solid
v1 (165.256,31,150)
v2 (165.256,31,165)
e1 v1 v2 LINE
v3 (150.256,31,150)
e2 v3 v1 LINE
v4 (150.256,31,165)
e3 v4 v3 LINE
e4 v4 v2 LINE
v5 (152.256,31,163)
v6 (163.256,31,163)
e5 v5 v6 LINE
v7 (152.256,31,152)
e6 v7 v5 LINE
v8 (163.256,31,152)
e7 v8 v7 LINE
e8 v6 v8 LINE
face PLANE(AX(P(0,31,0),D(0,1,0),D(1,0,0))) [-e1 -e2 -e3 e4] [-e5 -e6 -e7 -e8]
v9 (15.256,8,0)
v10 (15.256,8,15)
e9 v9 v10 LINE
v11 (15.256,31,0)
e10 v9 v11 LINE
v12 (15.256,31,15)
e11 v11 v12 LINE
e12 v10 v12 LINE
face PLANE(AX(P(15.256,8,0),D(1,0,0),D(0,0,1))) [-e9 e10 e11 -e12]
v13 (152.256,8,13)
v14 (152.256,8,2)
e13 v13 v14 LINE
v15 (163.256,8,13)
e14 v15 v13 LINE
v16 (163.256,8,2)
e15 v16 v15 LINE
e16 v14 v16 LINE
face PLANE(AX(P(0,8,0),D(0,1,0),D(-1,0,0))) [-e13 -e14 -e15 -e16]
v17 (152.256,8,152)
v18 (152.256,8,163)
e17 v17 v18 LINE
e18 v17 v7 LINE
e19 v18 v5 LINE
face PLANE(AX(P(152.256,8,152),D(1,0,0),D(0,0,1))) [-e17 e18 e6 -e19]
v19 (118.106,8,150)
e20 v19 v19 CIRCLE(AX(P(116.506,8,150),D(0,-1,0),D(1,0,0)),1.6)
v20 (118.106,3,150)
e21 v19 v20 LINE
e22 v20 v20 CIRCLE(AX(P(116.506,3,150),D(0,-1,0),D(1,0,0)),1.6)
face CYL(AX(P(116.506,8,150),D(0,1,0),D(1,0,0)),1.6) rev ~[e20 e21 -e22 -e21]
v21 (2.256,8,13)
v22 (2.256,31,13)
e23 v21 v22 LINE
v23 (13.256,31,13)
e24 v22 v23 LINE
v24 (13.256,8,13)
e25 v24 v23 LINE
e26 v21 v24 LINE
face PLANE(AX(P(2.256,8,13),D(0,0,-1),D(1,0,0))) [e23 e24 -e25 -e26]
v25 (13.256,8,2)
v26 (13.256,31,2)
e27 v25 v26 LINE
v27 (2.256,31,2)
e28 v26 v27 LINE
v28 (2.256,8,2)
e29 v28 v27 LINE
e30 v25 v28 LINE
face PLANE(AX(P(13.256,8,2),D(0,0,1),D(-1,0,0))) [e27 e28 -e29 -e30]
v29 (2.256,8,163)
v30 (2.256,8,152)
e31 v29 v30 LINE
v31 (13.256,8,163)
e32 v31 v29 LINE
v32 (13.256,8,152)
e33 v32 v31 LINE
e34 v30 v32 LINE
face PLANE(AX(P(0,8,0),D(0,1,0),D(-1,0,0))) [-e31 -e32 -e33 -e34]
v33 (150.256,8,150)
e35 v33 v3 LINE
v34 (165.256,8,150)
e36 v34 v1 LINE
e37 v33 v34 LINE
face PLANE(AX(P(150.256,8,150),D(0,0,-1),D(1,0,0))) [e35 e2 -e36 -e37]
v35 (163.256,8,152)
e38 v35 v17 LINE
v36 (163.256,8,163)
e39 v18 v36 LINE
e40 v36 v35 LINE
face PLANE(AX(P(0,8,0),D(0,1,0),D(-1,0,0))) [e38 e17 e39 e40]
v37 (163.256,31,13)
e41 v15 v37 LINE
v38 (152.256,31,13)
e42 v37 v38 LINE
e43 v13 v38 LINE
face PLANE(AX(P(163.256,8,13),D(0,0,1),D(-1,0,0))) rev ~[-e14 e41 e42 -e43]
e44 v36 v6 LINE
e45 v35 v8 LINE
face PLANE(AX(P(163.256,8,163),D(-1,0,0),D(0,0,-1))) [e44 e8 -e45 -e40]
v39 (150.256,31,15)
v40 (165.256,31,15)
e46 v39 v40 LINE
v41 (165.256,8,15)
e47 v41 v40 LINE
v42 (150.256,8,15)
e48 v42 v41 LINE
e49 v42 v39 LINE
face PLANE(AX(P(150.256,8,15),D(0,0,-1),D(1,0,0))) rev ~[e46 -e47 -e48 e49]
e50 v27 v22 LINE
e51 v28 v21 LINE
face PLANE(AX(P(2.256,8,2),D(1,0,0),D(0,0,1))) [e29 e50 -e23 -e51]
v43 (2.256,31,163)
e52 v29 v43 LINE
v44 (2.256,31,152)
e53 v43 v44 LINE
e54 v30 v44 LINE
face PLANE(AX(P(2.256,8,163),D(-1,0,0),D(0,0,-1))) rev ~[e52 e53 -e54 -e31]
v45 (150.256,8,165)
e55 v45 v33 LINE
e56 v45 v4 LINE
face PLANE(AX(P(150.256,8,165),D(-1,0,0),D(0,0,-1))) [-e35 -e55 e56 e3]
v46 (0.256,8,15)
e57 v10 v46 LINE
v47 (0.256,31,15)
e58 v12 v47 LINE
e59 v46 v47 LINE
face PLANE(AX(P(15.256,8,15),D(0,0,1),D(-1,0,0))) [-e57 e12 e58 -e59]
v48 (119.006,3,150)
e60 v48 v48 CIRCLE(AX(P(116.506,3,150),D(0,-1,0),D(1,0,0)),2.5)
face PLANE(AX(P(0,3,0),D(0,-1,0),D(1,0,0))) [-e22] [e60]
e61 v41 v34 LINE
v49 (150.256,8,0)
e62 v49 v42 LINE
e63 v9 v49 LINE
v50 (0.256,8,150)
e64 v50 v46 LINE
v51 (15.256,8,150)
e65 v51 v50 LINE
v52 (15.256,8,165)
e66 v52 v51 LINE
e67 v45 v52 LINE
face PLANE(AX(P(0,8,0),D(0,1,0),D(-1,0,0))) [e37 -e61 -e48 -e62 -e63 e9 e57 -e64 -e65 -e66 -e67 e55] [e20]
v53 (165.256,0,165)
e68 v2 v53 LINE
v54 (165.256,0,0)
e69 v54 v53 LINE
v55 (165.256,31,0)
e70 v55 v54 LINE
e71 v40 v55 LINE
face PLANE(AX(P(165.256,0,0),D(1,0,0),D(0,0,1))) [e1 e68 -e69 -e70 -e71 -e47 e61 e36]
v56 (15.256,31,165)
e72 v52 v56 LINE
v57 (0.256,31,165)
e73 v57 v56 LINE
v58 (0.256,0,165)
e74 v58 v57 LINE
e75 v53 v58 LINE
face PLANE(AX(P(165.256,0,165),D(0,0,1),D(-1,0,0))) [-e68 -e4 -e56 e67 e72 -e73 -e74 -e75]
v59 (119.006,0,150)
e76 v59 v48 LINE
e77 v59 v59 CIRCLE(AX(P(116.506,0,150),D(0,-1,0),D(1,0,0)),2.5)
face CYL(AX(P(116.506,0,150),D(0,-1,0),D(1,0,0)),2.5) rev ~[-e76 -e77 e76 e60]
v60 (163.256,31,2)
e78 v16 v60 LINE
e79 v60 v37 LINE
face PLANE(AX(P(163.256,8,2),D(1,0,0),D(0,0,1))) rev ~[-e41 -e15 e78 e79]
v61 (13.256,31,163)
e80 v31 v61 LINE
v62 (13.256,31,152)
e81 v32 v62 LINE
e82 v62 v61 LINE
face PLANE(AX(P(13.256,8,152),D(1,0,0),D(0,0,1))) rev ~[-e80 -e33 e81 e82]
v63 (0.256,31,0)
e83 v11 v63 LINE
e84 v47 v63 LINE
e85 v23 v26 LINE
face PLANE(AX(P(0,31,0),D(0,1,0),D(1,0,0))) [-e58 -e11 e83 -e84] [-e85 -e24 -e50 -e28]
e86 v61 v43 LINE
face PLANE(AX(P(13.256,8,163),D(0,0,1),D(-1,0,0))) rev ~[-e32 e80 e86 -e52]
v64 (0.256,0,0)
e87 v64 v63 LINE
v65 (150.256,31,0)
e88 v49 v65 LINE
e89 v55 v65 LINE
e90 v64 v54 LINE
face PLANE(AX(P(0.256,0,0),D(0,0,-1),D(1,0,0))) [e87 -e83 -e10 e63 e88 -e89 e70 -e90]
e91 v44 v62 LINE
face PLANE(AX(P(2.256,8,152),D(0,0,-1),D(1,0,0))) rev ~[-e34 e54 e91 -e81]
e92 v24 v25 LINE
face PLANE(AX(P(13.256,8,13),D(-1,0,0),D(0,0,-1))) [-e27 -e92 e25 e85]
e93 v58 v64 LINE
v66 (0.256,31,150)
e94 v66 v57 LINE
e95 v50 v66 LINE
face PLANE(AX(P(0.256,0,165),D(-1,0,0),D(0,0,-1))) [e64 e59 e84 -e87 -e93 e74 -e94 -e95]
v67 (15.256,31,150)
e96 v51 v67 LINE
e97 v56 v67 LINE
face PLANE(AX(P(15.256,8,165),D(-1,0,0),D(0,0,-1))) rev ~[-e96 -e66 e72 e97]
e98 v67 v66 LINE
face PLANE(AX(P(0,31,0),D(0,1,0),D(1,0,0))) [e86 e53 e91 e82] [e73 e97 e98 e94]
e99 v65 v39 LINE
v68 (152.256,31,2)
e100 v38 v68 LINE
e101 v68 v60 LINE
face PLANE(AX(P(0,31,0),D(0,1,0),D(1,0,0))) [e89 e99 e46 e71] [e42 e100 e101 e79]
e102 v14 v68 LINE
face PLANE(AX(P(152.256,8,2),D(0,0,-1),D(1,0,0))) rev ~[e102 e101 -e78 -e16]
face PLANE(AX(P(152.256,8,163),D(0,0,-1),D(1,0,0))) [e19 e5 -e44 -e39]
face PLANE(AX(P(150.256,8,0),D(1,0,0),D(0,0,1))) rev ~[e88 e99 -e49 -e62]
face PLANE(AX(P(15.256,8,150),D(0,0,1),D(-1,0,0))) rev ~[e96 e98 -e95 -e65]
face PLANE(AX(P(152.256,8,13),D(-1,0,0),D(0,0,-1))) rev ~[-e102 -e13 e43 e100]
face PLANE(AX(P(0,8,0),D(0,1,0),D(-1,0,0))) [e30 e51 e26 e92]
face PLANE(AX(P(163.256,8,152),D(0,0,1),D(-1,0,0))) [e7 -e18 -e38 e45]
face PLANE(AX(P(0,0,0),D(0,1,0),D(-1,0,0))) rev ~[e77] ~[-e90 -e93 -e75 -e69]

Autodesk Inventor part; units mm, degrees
ref_plane "YZ Plane" through (0, 0, 0) normal (1, 0, 0) x (0, 1, 0)
ref_plane "XZ Plane" through (0, 0, 0) normal (0, 1, 0) x (-1, 0, 0)
ref_plane "XY Plane" through (0, 0, 0) normal (0, 0, 1) x (1, 0, 0)
sketch "Sketch1" plane through (0, 0, 0) normal (0, 1, 0) x (-1, 0, 0)
  line L0 (-0.256, 0) -> (-165.256, 0)
  line L1 (-165.256, 0) -> (-165.256, 165)
  line L2 (-165.256, 165) -> (-0.256, 165)
  line L3 (-0.256, 165) -> (-0.256, 0)
  point P0 (0, 0)
  dimension "d0" = 165
  dimension "d1" = 165
extrude "Extrusion1" add sketch "Sketch1" along normal blind 8
sketch "Sketch2" plane through (0, 8, 0) normal (0, 1, 0) x (1, 0, 0)
  line L0 (165.256, 0) -> (0.256, 0) projected
  line L1 (0.256, 0) -> (15.256, 0)
  line L2 (15.256, 0) -> (15.256, -15)
  line L3 (15.256, -15) -> (0.256, -15)
  line L4 (0.256, -15) -> (0.256, 0)
  line L5 (0.256, -165) -> (165.256, -165) projected
  line L6 (0.256, -165) -> (15.256, -165)
  line L7 (15.256, -165) -> (15.256, -150)
  line L8 (15.256, -150) -> (0.256, -150)
  line L9 (0.256, -150) -> (0.256, -165)
  line L10 (2.256, -152) -> (13.256, -152)
  line L11 (13.256, -152) -> (13.256, -163)
  line L12 (13.256, -163) -> (2.256, -163)
  line L13 (2.256, -163) -> (2.256, -152)
  line L14 (13.256, -13) -> (13.256, -2)
  line L15 (13.256, -2) -> (2.256, -2)
  line L16 (2.256, -2) -> (2.256, -13)
  line L17 (2.256, -13) -> (13.256, -13)
  line L18 (82.756, 0) -> (82.756, -165)
  line L19 (0.256, 0) -> (165.256, 0)
  line L20 (150.256, 0) -> (150.256, -15)
  line L21 (150.256, -15) -> (165.256, -15)
  line L22 (165.256, -15) -> (165.256, 0)
  line L23 (165.256, -165) -> (0.256, -165)
  line L24 (165.256, -165) -> (150.256, -165)
  line L25 (150.256, -165) -> (150.256, -150)
  line L26 (150.256, -150) -> (165.256, -150)
  line L27 (165.256, -150) -> (165.256, -165)
  line L28 (163.256, -152) -> (152.256, -152)
  line L29 (152.256, -152) -> (152.256, -163)
  line L30 (152.256, -163) -> (163.256, -163)
  line L31 (163.256, -163) -> (163.256, -152)
  line L32 (152.256, -13) -> (152.256, -2)
  line L33 (152.256, -2) -> (163.256, -2)
  line L34 (163.256, -2) -> (163.256, -13)
  line L35 (163.256, -13) -> (152.256, -13)
  point P0 (0, 0)
  dimension "d4" = 15
  dimension "d5" = 15
  dimension "d6" = 15
  dimension "d7" = 15
  dimension "d8" = 2
  dimension "d9" = 2
extrude "Extrusion2" add sketch "Sketch2" along normal blind 23
sketch "Sketch3" plane through (0, 8, 0) normal (0, 1, 0) x (1, 0, 0)
  line L0 (150.256, -150) -> (150.256, -165) projected
  line L1 (0.256, -150) -> (15.256, -150) projected
  line L2 (150.256, -150) -> (15.256, -150)
  line L3 (0.256, -165) -> (165.256, -165) projected
  line L4 (82.756, -165) -> (82.756, -150)
  line L5 (82.756, -150) -> (150.256, -150)
  circle A0 centre (116.506, -150) radius 1.6
  point P0 (0, 0)
  dimension "d12" = 3.2
extrude "Extrusion3" cut sketch "Sketch3" against normal blind 8 contours A0 L2 | L2 A0
sketch "Sketch4" plane through (0, 0, 0) normal (0, -1, 0) x (1, 0, 0)
  circle A0 centre (116.506, 150) radius 1.6 projected
  circle A1 centre (116.506, 150) radius 2.5
  point P0 (0, 0)
  dimension "d15" = 5
extrude "Extrusion4" cut sketch "Sketch4" against normal blind 3
properties part number "piano inferiore"
